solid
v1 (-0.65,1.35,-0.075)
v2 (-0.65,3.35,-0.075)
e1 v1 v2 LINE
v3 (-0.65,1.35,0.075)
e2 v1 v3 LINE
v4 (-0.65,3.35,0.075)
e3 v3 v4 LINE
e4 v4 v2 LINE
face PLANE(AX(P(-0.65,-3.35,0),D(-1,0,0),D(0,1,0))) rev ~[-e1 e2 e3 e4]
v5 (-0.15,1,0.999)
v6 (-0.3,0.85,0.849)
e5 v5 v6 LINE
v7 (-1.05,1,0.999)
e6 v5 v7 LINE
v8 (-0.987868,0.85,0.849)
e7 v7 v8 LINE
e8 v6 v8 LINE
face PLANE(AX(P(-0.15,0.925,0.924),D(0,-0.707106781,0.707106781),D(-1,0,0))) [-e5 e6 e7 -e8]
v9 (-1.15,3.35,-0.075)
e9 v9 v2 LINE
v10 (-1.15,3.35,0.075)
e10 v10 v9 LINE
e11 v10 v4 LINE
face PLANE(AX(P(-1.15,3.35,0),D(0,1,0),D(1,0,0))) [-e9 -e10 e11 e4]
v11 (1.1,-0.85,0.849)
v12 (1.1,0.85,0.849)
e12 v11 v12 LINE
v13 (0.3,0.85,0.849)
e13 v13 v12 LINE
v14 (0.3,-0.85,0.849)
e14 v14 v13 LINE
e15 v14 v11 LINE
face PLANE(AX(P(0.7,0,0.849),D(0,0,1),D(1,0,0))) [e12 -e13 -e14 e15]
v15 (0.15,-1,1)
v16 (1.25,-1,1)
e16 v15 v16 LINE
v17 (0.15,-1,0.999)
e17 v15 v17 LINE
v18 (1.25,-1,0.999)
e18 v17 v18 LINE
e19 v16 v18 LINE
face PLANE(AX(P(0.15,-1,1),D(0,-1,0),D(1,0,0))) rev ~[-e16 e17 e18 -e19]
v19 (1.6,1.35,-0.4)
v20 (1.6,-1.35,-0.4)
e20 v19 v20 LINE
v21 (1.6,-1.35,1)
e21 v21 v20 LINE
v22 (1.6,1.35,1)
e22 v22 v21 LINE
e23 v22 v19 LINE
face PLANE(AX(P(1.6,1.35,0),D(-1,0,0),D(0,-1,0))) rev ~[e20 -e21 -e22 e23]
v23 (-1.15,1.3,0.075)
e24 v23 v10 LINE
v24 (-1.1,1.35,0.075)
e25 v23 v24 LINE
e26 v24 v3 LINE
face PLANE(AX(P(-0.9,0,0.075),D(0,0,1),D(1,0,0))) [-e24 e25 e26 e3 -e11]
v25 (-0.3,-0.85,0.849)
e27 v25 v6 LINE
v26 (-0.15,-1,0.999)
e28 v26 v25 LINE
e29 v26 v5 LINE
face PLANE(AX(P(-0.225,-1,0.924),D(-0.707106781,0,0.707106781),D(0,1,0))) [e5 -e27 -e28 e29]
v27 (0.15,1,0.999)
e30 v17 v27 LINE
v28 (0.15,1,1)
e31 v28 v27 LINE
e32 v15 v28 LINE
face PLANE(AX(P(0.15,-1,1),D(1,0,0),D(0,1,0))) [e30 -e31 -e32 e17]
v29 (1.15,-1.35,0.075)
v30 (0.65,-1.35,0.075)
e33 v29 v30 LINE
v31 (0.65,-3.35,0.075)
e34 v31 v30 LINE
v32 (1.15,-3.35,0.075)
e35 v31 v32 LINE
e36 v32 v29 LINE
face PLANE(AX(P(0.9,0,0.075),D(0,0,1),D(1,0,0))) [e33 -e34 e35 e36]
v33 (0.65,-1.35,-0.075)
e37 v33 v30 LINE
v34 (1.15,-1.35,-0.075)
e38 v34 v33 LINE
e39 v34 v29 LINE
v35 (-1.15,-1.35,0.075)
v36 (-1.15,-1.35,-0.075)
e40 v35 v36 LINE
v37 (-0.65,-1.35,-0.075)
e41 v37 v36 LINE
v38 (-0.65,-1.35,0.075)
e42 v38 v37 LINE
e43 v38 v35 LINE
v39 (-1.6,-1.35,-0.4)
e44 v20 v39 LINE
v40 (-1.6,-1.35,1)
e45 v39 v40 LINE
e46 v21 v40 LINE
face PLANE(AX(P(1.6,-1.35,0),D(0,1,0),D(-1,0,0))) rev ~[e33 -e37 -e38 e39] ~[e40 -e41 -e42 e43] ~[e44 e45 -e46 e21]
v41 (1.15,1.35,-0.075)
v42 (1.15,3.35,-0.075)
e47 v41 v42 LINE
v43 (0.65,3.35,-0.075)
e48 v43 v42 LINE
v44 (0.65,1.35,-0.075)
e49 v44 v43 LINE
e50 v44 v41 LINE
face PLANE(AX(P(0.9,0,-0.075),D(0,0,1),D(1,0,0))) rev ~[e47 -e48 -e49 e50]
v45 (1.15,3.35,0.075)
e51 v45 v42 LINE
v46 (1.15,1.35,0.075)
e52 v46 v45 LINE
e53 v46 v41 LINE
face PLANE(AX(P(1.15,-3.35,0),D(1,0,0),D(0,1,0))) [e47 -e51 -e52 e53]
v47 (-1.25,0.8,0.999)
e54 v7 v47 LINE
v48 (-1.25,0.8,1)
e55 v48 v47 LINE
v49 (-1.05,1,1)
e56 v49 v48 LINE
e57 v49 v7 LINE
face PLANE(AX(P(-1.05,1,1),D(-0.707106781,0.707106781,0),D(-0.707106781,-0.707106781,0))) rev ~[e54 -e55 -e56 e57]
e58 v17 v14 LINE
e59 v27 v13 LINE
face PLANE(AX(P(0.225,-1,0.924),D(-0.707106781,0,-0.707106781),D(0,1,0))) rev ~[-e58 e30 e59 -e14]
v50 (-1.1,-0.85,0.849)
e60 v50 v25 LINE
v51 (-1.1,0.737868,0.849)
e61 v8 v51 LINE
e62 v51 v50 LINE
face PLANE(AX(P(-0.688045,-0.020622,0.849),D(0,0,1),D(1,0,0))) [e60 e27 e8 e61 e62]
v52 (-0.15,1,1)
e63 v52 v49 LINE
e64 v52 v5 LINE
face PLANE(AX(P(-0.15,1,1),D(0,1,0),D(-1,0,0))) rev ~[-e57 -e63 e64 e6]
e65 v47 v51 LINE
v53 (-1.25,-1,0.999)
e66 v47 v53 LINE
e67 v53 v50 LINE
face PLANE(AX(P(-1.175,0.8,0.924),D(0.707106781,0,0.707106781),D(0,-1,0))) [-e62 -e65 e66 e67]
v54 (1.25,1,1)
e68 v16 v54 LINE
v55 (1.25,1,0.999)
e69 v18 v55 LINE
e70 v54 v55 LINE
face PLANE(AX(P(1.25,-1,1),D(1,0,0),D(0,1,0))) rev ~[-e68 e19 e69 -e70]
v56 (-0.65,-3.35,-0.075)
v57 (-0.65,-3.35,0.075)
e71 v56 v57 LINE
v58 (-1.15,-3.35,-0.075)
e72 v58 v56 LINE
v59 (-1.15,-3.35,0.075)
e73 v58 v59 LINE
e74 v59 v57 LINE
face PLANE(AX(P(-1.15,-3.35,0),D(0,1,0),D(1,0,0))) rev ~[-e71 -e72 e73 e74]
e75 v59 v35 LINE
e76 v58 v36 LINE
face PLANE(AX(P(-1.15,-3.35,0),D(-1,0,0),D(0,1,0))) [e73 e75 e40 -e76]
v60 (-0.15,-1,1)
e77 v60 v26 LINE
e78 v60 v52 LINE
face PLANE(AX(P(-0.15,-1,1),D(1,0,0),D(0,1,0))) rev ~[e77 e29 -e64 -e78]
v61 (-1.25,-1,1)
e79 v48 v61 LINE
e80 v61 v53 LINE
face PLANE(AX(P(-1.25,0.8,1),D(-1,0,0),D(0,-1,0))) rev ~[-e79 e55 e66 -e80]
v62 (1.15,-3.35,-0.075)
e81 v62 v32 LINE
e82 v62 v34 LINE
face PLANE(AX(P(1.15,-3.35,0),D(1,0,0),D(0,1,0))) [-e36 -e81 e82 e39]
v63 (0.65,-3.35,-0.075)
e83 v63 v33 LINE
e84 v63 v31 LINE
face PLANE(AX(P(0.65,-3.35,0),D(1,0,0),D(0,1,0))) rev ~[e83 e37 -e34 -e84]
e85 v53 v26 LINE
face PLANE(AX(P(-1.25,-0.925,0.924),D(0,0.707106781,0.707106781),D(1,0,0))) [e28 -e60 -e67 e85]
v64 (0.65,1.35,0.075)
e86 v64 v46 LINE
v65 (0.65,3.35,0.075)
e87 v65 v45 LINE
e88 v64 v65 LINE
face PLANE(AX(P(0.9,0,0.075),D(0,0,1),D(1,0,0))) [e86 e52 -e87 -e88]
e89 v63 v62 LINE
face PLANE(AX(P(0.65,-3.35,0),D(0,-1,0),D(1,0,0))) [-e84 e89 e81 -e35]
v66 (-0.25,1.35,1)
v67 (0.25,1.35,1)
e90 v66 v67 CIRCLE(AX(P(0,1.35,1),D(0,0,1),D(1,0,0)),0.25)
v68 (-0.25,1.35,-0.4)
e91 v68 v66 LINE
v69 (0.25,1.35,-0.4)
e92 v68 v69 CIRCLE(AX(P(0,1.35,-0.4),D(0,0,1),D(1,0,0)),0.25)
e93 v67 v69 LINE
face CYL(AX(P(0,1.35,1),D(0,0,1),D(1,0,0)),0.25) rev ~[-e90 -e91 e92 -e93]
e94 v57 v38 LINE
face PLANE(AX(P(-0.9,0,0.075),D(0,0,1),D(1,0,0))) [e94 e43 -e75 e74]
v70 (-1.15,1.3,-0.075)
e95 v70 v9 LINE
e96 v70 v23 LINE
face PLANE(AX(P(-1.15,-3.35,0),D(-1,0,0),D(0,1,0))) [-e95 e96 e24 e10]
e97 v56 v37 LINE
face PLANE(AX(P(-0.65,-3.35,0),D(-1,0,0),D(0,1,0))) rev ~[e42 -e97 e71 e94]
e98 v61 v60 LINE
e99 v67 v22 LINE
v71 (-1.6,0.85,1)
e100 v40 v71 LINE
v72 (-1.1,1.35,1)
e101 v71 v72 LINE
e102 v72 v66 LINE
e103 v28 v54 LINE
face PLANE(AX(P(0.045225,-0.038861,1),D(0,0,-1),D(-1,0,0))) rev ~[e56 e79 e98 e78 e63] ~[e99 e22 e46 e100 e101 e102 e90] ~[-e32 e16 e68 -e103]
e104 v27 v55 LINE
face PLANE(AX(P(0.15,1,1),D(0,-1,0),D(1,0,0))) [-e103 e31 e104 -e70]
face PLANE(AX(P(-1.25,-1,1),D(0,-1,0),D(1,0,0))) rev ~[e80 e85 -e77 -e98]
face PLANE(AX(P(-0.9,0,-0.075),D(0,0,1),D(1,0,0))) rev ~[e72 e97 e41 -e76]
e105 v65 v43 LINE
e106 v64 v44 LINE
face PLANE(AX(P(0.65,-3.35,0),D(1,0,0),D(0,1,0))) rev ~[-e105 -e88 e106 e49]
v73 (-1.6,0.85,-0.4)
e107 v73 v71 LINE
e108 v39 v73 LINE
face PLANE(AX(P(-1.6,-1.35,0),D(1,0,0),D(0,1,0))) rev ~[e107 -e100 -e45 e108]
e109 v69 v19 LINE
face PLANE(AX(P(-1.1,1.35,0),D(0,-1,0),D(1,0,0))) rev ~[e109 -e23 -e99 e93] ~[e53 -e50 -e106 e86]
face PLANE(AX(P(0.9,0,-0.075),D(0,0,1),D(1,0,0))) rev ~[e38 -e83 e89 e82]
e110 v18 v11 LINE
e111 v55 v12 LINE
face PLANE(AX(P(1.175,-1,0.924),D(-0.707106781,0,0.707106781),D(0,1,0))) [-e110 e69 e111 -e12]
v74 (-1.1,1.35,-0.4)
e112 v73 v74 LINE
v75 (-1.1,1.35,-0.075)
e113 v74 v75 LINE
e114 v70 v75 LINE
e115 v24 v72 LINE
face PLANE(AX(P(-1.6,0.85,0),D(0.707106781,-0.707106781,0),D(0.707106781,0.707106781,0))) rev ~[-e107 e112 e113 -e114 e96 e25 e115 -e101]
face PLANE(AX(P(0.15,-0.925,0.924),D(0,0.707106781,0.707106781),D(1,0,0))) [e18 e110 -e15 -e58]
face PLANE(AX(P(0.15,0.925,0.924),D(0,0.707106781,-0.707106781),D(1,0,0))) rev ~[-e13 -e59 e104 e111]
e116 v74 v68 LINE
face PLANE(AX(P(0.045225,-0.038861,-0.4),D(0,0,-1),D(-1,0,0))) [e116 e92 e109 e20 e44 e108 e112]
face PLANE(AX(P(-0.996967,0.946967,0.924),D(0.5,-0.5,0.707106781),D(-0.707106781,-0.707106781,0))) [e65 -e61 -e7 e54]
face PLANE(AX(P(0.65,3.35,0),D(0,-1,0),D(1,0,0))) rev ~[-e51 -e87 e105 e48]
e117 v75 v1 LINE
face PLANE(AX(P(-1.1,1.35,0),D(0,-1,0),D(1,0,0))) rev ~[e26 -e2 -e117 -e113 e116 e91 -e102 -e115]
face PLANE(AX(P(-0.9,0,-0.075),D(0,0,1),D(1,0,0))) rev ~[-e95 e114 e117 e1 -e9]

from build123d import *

# Parameters (mm, degrees)
PAD_DEPTH       = 1
PAD_DEPTH_BACK  = 0.4
SKETCH001_W     = 1.1
SKETCH001_H     = 2
POCKET_DEPTH    = 0.151
CHAMFER_SIZE    = 0.15
SKETCH003_R     = 0.25
POCKET001_DEPTH = 1.401
SKETCH002_W     = 0.5
SKETCH002_H     = 6.7
PAD001_DEPTH    = 0.075


with BuildPart() as pocket001:
    # Sketch → Pad (new body, two sides)
    with BuildSketch(Plane.XY) as pad_sk:
        Polygon((-1.1, 1.35), (1.6, 1.35), (1.6, -1.35), (-1.6, -1.35), (-1.6, 0.85), align=None)
    extrude(amount=PAD_DEPTH)
    extrude(pad_sk.sketch, amount=-PAD_DEPTH_BACK)

    # Sketch001 → Pocket (cut)
    with BuildSketch(Plane.XY.offset(1)):
        Polygon((-1.25, -1), (-0.15, -1), (-0.15, 1), (-1.05, 1), (-1.25, 0.8), align=None)
        with Locations((0.7, 0)):
            Rectangle(SKETCH001_W, SKETCH001_H)
    extrude(amount=-POCKET_DEPTH, mode=Mode.SUBTRACT)

    # Chamfer
    chamfer_edges = [pocket001.edges().sort_by_distance(p)[0] for p in [
        (-1.15, 0.9, 0.849),
        (-0.6, 1, 0.849),
        (-1.25, -0.1, 0.849),
        (0.15, 0, 0.849),
        (0.7, 1, 0.849),
        (1.25, 0, 0.849),
        (-0.15, 0, 0.849),
        (0.7, -1, 0.849),
        (-0.7, -1, 0.849),
    ]]
    chamfer(chamfer_edges, length=CHAMFER_SIZE)

    # Sketch003 → Pocket001 (cut, through all)
    with BuildSketch(Plane.XY.offset(1)):
        with Locations((0, 1.35)):
            Circle(SKETCH003_R)
    extrude(amount=-POCKET001_DEPTH, mode=Mode.SUBTRACT)


with BuildPart() as kodenshi_sg105:
    # Sketch002 → Pad001 (new body, symmetric)
    with BuildSketch(Plane.XY):
        with Locations((-0.9, 0)):
            Rectangle(SKETCH002_W, SKETCH002_H)
        with Locations((0.9, 0)):
            Rectangle(SKETCH002_W, SKETCH002_H)
    extrude(amount=PAD001_DEPTH, both=True)

    # Pad001_mp_cp: union Pocket001
    add(pocket001.part)


solid = kodenshi_sg105.part
